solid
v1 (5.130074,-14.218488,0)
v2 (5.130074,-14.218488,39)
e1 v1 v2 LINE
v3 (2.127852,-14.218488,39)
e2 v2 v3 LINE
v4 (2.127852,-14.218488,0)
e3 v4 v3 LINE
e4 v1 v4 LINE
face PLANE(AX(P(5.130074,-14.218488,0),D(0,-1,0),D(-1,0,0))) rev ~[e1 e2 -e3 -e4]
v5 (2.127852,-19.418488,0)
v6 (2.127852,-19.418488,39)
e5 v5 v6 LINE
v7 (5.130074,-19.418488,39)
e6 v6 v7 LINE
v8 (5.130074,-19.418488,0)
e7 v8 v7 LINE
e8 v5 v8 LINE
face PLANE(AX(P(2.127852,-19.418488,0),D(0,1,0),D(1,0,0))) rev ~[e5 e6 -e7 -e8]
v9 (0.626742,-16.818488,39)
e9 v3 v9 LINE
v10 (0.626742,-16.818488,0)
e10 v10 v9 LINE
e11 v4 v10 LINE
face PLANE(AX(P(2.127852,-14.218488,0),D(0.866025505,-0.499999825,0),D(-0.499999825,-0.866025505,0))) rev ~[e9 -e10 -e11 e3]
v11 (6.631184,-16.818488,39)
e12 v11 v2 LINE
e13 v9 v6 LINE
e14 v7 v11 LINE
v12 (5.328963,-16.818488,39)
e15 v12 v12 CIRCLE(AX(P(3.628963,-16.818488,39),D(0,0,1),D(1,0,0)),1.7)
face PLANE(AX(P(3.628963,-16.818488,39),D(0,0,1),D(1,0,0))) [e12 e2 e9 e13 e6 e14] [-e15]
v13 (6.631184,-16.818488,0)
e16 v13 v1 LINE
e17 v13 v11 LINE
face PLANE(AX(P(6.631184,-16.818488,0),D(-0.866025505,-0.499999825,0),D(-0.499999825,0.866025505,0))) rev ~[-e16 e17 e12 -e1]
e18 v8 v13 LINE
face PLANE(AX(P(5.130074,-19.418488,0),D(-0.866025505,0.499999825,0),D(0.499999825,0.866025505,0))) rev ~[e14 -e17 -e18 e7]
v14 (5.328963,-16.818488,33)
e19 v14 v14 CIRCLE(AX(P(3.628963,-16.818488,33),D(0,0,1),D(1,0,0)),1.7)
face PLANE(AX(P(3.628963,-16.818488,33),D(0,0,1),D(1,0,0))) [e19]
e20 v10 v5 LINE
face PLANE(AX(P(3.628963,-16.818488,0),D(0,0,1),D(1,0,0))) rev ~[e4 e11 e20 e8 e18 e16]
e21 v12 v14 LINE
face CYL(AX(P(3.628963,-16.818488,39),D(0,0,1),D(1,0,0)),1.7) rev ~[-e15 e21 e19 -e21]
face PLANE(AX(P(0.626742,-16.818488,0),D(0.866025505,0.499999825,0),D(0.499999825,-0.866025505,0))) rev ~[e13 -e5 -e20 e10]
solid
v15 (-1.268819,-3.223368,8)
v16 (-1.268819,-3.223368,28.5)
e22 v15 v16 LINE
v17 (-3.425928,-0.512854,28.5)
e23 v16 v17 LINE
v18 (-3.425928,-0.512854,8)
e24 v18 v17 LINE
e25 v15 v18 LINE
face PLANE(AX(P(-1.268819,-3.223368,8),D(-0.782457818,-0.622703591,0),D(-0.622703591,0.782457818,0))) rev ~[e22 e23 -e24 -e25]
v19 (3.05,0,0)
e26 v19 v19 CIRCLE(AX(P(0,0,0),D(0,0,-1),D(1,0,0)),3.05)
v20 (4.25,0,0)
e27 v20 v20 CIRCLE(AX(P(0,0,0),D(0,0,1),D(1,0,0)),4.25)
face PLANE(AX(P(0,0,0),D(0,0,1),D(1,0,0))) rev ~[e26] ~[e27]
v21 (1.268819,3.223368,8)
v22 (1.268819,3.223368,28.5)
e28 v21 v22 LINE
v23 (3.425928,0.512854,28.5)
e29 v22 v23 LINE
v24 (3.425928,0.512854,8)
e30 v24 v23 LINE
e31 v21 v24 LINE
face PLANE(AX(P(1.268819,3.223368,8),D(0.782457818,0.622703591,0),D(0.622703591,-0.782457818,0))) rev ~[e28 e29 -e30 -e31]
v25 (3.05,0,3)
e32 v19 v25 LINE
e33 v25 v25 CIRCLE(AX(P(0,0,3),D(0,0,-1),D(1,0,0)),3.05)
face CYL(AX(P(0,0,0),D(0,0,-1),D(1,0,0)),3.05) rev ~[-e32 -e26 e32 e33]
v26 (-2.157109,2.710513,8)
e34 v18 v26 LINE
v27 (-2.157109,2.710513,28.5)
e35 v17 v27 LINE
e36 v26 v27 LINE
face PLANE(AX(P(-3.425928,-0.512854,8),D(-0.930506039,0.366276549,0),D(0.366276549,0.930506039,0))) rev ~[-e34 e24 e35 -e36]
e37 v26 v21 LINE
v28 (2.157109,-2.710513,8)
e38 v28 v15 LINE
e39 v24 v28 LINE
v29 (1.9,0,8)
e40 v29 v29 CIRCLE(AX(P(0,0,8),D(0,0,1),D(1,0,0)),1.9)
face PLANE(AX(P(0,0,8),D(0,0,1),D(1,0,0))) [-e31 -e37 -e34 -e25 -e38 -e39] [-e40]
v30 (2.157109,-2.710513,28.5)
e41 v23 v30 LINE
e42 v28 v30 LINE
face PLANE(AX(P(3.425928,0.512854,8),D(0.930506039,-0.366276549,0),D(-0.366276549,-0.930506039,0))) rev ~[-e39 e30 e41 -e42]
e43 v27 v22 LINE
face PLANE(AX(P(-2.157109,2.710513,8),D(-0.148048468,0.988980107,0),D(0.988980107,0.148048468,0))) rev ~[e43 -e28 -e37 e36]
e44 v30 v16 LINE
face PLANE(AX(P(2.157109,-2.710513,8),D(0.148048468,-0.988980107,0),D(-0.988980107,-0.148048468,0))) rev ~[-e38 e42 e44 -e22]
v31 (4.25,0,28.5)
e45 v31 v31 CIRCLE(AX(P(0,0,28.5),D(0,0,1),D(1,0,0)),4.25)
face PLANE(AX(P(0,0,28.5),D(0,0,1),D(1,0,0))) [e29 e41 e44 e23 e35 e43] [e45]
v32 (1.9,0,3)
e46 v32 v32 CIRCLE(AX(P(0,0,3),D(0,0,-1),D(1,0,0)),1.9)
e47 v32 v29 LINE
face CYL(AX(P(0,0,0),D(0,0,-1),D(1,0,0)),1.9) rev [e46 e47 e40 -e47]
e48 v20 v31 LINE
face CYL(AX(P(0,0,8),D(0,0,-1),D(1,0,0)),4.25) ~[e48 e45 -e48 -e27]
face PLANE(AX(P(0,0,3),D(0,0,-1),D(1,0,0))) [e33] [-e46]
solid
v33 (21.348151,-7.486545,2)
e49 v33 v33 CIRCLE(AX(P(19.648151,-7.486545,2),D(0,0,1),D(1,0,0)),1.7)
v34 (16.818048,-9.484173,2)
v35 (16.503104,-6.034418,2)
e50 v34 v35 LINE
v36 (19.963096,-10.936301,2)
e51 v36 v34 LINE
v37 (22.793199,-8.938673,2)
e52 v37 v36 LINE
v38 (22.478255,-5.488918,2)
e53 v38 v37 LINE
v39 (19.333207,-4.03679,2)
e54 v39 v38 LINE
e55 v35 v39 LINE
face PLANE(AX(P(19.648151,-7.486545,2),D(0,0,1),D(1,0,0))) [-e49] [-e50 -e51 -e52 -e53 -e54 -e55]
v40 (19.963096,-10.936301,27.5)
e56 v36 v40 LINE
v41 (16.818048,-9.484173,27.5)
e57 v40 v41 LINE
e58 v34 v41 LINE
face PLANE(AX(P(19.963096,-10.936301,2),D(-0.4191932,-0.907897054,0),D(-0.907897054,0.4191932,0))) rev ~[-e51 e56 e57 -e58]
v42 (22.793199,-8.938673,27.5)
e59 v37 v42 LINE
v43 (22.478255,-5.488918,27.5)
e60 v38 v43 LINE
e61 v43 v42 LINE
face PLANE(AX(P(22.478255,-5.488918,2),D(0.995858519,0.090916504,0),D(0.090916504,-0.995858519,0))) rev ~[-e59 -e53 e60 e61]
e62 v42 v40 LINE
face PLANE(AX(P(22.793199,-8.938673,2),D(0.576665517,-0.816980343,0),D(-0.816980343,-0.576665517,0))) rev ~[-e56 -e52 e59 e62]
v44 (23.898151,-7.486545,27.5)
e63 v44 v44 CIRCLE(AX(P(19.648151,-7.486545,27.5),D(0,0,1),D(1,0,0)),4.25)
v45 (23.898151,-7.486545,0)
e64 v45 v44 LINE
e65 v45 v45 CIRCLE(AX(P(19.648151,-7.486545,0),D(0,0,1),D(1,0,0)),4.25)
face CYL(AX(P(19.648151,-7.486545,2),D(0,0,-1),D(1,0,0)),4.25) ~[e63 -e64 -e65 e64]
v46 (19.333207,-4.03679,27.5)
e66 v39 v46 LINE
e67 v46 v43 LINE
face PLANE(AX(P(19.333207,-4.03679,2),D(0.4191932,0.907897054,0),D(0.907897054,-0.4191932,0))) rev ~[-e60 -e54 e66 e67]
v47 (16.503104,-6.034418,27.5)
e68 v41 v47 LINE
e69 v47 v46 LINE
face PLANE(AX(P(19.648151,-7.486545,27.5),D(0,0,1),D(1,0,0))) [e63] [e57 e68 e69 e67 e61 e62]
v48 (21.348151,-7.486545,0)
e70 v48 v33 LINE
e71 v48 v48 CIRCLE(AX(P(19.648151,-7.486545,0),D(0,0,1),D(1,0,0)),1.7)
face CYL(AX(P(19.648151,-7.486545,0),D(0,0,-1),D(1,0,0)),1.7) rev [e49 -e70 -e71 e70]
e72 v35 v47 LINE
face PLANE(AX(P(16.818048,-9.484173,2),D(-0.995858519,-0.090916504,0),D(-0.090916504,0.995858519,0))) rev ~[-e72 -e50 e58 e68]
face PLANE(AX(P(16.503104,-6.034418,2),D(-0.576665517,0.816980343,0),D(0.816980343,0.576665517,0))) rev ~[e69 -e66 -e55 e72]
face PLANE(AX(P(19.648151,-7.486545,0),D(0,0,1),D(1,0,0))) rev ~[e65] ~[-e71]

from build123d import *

# Parameters (mm, degrees)
F0_R      = 4.25
F0_R_2    = 1.9
F1_DEPTH  = 8
F2_R      = 3.05
F3_DEPTH  = 3
F4_R      = 4.25
F5_DEPTH  = 20.5
F6_R      = 4.25
F6_R_2    = 1.7
F7_DEPTH  = 2
F8_R      = 4.25
F9_DEPTH  = 25.5
F11_DEPTH = 39
F12_R     = 1.7
F13_DEPTH = 6


with BuildPart() as f1:
    # F0 (on Top) → F1 (new body)
    with BuildSketch(Plane.XY):
        Circle(F0_R)
        Circle(F0_R_2, mode=Mode.SUBTRACT)
    extrude(amount=F1_DEPTH)

    # F2 (on face) → F3 (cut)
    with BuildSketch(Plane(origin=(0, 0, 0), x_dir=(1, 0, 0), z_dir=(0, 0, -1))):
        Circle(F2_R)
    extrude(amount=-F3_DEPTH, mode=Mode.SUBTRACT)

    # F4 (on face) → F5 (join)
    with BuildSketch(Plane.XY.offset(8)):
        Circle(F4_R)
        Polygon((-2.157109, 2.710513), (1.268819, 3.223368), (3.425928, 0.512854), (2.157109, -2.710513), (-1.268819, -3.223368), (-3.425928, -0.512854), align=None, mode=Mode.SUBTRACT)
    extrude(amount=F5_DEPTH)


with BuildPart() as f7:
    # F6 (on Top) → F7 (new body)
    with BuildSketch(Plane.XY):
        with Locations((19.648151, -7.486545)):
            Circle(F6_R)
        with Locations((19.648151, -7.486545)):
            Circle(F6_R_2, mode=Mode.SUBTRACT)
    extrude(amount=F7_DEPTH)

    # F8 (on face) → F9 (join)
    with BuildSketch(Plane.XY.offset(2)):
        with Locations((19.648151, -7.486545)):
            Circle(F8_R)
        Polygon((16.503104, -6.034418), (19.333207, -4.03679), (22.478255, -5.488918), (22.793199, -8.938673), (19.963096, -10.936301), (16.818048, -9.484173), align=None, mode=Mode.SUBTRACT)
    extrude(amount=F9_DEPTH)


with BuildPart() as f11:
    # F10 (on Top) → F11 (new body)
    with BuildSketch(Plane.XY):
        Polygon((5.130074, -14.218488), (2.127852, -14.218488), (0.626742, -16.818488), (2.127852, -19.418488), (5.130074, -19.418488), (6.631184, -16.818488), align=None)
    extrude(amount=F11_DEPTH)

    # F12 (on face) → F13 (cut)
    with BuildSketch(Plane.XY.offset(39)):
        with Locations((3.628963, -16.818488)):
            Circle(F12_R)
    extrude(amount=-F13_DEPTH, mode=Mode.SUBTRACT)


solid = Compound([f1.part, f7.part, f11.part])
